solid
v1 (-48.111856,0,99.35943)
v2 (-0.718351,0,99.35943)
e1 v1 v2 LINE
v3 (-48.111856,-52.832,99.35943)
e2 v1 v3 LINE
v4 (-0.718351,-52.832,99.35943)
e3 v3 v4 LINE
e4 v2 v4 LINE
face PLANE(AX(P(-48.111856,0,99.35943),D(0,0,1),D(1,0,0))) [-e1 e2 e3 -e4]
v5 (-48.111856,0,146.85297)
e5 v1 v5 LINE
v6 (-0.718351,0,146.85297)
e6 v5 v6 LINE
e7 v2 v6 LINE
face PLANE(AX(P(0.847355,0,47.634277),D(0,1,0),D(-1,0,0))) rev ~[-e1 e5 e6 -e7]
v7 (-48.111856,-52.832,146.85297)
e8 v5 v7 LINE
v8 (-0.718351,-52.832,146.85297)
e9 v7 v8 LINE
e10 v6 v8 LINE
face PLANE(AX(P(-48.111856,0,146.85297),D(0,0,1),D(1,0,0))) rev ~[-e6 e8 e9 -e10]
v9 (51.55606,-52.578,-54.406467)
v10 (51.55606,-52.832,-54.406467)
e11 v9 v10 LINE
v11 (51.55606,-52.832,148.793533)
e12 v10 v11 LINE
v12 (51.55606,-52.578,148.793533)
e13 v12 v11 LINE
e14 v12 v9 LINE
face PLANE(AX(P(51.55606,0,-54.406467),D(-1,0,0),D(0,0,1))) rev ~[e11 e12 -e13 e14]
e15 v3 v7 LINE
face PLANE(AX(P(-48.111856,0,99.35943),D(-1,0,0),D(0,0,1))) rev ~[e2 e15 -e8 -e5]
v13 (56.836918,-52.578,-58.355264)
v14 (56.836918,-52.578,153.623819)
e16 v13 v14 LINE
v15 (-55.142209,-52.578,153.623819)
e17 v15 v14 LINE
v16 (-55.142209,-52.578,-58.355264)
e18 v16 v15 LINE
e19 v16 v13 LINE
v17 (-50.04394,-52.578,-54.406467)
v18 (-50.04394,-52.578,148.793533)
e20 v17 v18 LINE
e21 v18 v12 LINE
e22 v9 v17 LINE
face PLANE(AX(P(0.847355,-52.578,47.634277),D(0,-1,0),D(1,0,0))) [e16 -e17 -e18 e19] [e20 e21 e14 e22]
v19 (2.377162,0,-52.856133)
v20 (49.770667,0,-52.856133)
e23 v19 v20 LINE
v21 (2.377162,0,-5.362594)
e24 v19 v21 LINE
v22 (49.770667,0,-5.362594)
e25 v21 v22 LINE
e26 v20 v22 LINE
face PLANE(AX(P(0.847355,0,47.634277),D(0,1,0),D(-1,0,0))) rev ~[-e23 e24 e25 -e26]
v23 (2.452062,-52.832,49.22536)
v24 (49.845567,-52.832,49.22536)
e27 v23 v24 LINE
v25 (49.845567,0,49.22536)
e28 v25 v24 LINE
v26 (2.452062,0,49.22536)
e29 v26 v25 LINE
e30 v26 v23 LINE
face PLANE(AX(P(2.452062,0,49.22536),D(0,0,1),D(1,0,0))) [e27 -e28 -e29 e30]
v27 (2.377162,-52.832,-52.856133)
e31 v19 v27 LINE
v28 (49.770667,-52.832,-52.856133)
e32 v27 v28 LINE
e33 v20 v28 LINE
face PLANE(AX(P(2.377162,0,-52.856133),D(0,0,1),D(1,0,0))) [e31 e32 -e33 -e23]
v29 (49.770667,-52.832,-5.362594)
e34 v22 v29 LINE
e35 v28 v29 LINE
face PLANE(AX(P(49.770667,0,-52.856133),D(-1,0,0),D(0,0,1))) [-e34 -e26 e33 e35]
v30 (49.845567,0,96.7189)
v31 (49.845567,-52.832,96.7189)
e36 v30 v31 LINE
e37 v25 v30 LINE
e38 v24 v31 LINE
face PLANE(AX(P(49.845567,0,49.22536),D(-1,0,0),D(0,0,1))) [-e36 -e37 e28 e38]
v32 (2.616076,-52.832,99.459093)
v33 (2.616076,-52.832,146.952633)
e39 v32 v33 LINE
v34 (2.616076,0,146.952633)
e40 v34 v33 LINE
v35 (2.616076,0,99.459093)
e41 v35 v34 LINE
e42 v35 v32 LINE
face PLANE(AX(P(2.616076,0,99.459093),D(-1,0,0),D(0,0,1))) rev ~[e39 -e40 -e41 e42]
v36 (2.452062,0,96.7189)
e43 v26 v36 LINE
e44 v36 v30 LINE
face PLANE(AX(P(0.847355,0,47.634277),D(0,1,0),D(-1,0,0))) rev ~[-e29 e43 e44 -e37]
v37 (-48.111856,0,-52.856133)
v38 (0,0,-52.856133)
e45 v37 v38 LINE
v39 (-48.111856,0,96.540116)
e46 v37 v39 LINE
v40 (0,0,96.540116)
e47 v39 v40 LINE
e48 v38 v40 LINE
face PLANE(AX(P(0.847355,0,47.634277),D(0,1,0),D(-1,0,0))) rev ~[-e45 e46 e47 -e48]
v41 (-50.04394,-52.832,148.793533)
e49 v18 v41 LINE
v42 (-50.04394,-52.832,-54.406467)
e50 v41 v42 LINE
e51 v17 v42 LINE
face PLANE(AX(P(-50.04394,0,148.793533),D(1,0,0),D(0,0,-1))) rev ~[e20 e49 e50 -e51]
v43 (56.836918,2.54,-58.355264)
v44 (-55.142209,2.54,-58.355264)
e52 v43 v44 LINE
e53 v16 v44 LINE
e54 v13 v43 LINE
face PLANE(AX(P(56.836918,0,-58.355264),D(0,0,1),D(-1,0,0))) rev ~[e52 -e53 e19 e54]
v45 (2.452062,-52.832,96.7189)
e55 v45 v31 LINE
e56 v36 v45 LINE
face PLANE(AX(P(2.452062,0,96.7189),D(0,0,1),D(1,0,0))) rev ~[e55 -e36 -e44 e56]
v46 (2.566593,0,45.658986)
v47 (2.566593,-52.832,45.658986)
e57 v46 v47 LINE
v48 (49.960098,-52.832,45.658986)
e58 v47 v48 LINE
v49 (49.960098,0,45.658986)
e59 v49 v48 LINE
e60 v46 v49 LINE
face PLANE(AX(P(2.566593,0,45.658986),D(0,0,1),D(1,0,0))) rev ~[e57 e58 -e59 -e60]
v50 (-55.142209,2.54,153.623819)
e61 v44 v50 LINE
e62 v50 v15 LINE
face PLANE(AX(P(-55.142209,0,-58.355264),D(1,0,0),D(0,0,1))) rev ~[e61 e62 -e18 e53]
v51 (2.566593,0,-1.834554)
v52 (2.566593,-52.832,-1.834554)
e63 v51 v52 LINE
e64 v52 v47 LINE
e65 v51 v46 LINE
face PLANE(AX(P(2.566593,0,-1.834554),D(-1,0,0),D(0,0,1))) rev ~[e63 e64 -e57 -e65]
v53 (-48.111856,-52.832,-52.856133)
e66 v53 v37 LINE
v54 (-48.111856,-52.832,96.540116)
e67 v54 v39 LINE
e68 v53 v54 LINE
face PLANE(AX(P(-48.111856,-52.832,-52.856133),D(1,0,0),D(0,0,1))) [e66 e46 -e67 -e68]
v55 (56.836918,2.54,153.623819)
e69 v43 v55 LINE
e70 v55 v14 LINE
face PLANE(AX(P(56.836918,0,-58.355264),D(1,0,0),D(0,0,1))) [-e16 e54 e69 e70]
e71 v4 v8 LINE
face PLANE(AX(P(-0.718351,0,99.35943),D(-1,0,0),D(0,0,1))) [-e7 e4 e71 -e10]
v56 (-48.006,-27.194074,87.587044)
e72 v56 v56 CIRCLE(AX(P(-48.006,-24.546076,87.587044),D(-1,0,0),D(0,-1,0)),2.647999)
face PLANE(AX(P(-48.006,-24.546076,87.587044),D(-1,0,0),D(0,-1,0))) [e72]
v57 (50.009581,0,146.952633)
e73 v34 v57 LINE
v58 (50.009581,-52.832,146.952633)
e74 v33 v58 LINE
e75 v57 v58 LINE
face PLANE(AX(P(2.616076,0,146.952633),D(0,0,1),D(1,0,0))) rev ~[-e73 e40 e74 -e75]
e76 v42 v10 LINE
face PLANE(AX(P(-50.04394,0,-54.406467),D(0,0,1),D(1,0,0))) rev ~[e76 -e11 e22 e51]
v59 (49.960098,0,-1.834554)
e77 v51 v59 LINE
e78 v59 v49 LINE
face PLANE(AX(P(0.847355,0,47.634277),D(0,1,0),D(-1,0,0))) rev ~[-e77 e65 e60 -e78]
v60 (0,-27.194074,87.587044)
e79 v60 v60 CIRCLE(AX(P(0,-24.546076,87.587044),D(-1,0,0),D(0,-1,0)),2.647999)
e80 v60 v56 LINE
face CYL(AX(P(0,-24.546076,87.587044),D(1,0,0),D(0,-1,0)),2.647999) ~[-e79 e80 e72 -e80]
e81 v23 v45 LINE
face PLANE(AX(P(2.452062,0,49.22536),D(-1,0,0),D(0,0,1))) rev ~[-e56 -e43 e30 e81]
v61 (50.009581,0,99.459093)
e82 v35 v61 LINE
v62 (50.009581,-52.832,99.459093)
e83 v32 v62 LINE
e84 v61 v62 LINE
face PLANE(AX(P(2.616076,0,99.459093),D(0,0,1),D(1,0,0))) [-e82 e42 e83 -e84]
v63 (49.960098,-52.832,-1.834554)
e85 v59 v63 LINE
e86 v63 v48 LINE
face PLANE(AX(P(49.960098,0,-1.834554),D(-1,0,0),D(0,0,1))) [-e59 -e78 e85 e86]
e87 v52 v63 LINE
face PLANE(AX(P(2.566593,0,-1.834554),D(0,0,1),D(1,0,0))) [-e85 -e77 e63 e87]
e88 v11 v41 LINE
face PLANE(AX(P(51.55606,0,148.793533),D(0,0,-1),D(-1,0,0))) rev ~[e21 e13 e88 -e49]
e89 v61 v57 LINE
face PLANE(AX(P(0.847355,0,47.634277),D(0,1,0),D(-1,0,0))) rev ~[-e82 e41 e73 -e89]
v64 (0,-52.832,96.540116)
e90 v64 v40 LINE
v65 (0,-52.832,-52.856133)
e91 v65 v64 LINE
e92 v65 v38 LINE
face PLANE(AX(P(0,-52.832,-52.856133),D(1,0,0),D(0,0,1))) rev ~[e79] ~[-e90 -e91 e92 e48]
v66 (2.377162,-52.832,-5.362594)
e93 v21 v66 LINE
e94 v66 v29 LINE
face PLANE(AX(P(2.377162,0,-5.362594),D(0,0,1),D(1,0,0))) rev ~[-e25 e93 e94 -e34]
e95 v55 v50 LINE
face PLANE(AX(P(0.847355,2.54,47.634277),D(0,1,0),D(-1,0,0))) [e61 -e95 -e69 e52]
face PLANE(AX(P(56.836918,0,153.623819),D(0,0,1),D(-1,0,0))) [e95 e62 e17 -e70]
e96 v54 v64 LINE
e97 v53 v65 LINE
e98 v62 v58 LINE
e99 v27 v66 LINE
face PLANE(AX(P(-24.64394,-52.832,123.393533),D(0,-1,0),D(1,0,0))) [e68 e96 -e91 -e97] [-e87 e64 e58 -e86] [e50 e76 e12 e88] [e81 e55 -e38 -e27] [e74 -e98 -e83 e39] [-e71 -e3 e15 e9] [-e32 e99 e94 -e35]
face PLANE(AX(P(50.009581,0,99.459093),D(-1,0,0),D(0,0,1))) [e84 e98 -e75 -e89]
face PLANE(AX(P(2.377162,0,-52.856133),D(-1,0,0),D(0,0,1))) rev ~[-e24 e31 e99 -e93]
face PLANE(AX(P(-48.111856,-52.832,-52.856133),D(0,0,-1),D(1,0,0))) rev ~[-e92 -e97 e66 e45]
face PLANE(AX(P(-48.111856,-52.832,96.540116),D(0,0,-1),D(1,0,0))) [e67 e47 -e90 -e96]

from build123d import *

# Parameters (mm, degrees)
F0_W     = 111.9791269302
F0_H     = 211.9790837169
F1_DEPTH = 52.578
F0_W_2   = 50.8
F0_H_2   = 50.8
F0_W_3   = 47.3935049959
F0_H_3   = 47.4935397506
F2_DEPTH = 52.832
F3_W     = 48.1118559837
F3_H     = 149.3962490931
F4_DEPTH = 53.594
F5_W     = 111.9791269302
F5_H     = 211.9790837169
F6_DEPTH = 2.54
F7_R     = 2.6479987439
F8_DEPTH = 48.006


with BuildPart() as f1:
    # F0 (on Front) → F1 (new body)
    with BuildSketch(Plane.XZ):
        with Locations((0.8473545313, 47.6342774928)):
            Rectangle(F0_W, F0_H)
        Polygon((-50.0439400733, 97.9935325928), (-50.0439400733, 148.7935325928), (0.7560599267, 148.7935325928), (51.5560599267, 148.7935325928), (51.5560599267, 97.9935325928), (51.5560599267, 47.1935325928), (51.5560599267, -3.6064674072), (51.5560599267, -54.4064674072), (0.7560599267, -54.4064674072), (-50.0439400733, -54.4064674072), align=None, mode=Mode.SUBTRACT)
    extrude(amount=F1_DEPTH)

    # F0 (on Front) → F2 (join)
    with BuildSketch(Plane.XZ):
        with Locations((-24.6439400733, 123.3935325928)):
            Rectangle(F0_W_2, F0_H_2)
        with Locations((-24.4151034858, 123.106200248)):
            Rectangle(F0_W_3, F0_H_3, mode=Mode.SUBTRACT)
        with Locations((26.1560599267, 123.3935325928)):
            Rectangle(F0_W_2, F0_H_2)
        with Locations((26.312828064, 123.2058629394)):
            Rectangle(F0_W_3, F0_H_3, mode=Mode.SUBTRACT)
        with Locations((26.1560599267, 72.5935325928)):
            Rectangle(F0_W_2, F0_H_2)
        with Locations((26.148814708, 72.9721300304)):
            Rectangle(F0_W_3, F0_H_3, mode=Mode.SUBTRACT)
        Polygon((0.7560599267, 97.9935325928), (-50.0439400733, 97.9935325928), (-50.0439400733, -54.4064674072), (0.7560599267, -54.4064674072), (0.7560599267, -3.6064674072), (0.7560599267, 47.1935325928), align=None)
        with Locations((26.1560599267, 21.7935325928)):
            Rectangle(F0_W_2, F0_H_2)
        with Locations((26.2633450329, 21.912215976)):
            Rectangle(F0_W_3, F0_H_3, mode=Mode.SUBTRACT)
        with Locations((26.1560599267, -29.0064674072)):
            Rectangle(F0_W_2, F0_H_2)
        with Locations((26.0739140213, -29.1093634441)):
            Rectangle(F0_W_3, F0_H_3, mode=Mode.SUBTRACT)
    extrude(amount=F2_DEPTH)

    # F3 (on face) → F4 (cut)
    with BuildSketch(Plane.XZ.offset(52.832)):
        with Locations((-24.0559279919, 21.8419912271)):
            Rectangle(F3_W, F3_H)
    extrude(amount=-F4_DEPTH, mode=Mode.SUBTRACT)

    # F5 (on face) → F6 (join)
    with BuildSketch(Plane(origin=(0, 0, 0), x_dir=(-1, 0, 0), z_dir=(0, 1, 0))):
        with Locations((-0.8473545313, 47.6342774928)):
            Rectangle(F5_W, F5_H)
    extrude(amount=F6_DEPTH)

    # F7 (on face) → F8 (join)
    with BuildSketch(Plane(origin=(0, 0, 0), x_dir=(0, -1, 0), z_dir=(-1, 0, 0))):
        with Locations((24.5460756123, 87.587043643)):
            Circle(F7_R)
    extrude(amount=F8_DEPTH)


solid = f1.part
